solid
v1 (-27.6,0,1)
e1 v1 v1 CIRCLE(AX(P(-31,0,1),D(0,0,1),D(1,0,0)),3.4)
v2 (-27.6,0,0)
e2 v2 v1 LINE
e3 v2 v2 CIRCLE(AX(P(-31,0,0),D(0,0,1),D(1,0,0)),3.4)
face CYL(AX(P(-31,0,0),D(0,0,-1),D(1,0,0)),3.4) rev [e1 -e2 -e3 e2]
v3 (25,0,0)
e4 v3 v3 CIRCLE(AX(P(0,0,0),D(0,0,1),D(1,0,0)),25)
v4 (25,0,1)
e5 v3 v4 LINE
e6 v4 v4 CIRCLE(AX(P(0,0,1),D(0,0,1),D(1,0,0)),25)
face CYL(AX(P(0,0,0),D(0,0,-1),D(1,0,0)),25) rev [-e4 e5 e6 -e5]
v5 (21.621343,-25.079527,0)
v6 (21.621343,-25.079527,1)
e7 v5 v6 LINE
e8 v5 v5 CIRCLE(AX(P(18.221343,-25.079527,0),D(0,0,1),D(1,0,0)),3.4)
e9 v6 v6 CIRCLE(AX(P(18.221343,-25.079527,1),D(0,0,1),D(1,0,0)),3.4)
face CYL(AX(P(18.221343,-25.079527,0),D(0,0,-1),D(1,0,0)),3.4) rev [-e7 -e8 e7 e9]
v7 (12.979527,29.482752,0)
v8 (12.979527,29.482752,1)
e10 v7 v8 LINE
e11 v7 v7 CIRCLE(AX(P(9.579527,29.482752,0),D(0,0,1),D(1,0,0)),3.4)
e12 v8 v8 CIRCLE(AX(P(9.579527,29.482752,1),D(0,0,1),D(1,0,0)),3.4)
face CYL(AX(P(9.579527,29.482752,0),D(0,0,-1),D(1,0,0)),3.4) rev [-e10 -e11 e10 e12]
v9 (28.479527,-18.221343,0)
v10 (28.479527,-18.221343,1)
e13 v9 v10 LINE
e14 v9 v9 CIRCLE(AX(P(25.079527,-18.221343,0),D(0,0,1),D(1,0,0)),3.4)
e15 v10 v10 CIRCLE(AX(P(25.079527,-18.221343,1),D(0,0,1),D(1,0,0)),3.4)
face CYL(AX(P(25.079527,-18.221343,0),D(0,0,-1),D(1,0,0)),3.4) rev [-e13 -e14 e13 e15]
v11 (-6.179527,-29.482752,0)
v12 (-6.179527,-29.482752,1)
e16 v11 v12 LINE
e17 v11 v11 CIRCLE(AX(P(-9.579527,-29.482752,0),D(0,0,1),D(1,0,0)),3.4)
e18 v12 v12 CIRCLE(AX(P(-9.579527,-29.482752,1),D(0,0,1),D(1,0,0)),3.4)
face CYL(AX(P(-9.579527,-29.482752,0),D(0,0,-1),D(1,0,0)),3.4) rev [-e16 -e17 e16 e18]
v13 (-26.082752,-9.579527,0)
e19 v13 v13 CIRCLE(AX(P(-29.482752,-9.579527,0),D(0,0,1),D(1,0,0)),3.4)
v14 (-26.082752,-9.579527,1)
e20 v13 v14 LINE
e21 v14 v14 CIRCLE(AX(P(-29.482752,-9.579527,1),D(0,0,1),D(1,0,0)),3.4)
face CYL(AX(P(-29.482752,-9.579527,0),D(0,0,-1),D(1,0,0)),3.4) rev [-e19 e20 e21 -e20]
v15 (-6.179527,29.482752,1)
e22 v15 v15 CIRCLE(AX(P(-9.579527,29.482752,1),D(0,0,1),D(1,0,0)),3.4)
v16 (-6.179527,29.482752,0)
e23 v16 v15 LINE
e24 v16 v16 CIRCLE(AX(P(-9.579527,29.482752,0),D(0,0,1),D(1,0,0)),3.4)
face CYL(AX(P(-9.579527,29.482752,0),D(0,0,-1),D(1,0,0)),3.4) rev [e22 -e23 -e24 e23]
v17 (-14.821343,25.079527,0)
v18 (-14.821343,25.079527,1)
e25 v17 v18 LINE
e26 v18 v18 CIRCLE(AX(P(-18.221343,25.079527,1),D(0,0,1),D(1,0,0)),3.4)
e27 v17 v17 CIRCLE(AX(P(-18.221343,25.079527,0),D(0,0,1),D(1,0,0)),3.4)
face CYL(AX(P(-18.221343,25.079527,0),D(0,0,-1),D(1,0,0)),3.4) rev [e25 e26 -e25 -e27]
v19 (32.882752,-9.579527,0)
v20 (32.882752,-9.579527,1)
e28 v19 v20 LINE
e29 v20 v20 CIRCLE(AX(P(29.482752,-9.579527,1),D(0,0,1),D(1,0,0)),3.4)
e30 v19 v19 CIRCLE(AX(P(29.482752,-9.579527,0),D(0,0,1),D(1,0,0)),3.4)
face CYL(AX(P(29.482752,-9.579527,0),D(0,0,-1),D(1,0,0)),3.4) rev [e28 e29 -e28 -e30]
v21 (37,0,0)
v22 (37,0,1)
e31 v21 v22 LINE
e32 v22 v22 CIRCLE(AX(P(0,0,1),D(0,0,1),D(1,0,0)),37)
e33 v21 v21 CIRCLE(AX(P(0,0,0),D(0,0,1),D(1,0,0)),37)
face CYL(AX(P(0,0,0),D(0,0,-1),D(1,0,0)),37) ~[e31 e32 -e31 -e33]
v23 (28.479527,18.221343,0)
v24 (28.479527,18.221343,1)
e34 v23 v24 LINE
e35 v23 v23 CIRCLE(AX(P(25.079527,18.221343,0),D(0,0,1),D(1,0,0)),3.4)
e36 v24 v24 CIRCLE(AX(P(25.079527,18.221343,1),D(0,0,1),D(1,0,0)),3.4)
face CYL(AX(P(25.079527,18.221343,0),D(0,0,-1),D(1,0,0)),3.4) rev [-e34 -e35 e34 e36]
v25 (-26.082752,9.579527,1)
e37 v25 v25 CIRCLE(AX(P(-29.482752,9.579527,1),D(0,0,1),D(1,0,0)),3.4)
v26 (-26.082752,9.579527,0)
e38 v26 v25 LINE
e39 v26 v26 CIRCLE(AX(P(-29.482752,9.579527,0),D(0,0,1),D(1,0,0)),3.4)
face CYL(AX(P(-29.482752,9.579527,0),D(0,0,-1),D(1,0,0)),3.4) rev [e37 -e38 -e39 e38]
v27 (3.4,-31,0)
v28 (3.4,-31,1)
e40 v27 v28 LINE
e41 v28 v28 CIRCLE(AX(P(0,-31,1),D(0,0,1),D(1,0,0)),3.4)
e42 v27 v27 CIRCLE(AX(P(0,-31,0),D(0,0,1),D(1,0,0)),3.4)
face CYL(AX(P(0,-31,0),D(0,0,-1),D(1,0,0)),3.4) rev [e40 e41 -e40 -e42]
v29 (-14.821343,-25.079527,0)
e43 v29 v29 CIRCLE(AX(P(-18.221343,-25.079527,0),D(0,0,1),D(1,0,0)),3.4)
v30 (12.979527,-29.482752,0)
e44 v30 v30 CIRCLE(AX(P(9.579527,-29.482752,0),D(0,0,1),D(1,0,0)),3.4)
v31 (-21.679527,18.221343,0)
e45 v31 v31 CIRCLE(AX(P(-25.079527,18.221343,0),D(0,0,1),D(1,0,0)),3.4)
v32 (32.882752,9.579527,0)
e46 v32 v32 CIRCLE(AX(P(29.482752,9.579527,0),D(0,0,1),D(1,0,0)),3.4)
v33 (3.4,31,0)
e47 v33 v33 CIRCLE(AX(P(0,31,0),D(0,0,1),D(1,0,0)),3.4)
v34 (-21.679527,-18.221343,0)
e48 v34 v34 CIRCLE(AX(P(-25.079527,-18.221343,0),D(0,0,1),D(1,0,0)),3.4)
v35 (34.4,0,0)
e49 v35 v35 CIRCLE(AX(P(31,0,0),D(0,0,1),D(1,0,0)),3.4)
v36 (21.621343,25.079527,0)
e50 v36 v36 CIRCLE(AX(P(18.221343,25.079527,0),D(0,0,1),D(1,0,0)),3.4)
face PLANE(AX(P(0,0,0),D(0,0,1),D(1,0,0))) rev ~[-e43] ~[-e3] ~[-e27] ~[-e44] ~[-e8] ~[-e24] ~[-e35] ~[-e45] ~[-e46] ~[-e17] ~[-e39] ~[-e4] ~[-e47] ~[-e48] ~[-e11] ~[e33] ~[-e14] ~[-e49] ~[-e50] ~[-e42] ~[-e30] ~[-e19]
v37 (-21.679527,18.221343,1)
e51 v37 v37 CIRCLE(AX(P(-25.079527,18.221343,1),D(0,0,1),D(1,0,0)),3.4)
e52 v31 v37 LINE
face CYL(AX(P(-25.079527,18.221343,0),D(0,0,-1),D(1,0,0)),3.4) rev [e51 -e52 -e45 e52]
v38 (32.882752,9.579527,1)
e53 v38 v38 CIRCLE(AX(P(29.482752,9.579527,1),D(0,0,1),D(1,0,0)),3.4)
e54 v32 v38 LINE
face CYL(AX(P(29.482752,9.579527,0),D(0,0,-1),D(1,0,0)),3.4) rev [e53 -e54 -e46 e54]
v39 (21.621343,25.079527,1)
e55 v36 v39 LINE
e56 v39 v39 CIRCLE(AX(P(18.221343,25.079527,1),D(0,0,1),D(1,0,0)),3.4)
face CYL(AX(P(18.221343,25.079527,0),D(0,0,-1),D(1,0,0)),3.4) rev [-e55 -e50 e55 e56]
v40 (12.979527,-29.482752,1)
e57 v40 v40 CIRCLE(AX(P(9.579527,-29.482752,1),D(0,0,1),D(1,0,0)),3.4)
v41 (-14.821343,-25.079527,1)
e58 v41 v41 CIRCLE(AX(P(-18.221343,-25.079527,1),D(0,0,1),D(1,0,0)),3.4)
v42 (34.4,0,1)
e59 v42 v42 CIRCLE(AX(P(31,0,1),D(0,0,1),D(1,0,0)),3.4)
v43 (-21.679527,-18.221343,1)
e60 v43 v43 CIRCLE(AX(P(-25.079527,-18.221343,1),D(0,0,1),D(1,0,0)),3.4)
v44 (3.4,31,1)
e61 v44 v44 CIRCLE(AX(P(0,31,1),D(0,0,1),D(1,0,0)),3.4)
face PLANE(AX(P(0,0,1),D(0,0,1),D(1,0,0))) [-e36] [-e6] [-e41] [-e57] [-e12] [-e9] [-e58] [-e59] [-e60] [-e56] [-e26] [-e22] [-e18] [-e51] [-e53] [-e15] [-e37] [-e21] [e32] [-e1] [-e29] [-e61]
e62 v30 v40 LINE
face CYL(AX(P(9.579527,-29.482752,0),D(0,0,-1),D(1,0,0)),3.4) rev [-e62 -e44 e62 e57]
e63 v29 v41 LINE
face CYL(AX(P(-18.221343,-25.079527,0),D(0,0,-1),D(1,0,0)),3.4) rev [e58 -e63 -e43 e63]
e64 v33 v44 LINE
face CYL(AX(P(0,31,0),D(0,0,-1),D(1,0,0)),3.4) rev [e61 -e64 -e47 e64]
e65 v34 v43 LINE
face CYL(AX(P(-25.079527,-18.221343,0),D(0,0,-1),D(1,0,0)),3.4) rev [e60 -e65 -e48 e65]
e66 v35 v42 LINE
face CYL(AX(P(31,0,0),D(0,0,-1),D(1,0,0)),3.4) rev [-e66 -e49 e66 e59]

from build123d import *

# Parameters (mm, degrees)
F0_R     = 37
F0_R_2   = 3.4
F0_R_3   = 25
F1_DEPTH = 1


with BuildPart() as f1:
    # F0 (on Top) → F1 (new body)
    with BuildSketch(Plane.XY):
        Circle(F0_R)
        with Locations((-9.579527, -29.482752)):
            Circle(F0_R_2, mode=Mode.SUBTRACT)
        with Locations((-18.221343, -25.079527)):
            Circle(F0_R_2, mode=Mode.SUBTRACT)
        with Locations((-29.482752, -9.579527)):
            Circle(F0_R_2, mode=Mode.SUBTRACT)
        with Locations((-25.079527, -18.221343)):
            Circle(F0_R_2, mode=Mode.SUBTRACT)
        with Locations((0, -31)):
            Circle(F0_R_2, mode=Mode.SUBTRACT)
        with Locations((9.579527, -29.482752)):
            Circle(F0_R_2, mode=Mode.SUBTRACT)
        with Locations((18.221343, -25.079527)):
            Circle(F0_R_2, mode=Mode.SUBTRACT)
        with Locations((25.079527, -18.221343)):
            Circle(F0_R_2, mode=Mode.SUBTRACT)
        with Locations((29.482752, -9.579527)):
            Circle(F0_R_2, mode=Mode.SUBTRACT)
        with Locations((-31, 0)):
            Circle(F0_R_2, mode=Mode.SUBTRACT)
        with Locations((-29.482752, 9.579527)):
            Circle(F0_R_2, mode=Mode.SUBTRACT)
        with Locations((-25.079527, 18.221343)):
            Circle(F0_R_2, mode=Mode.SUBTRACT)
        with Locations((-18.221343, 25.079527)):
            Circle(F0_R_2, mode=Mode.SUBTRACT)
        with Locations((-9.579527, 29.482752)):
            Circle(F0_R_2, mode=Mode.SUBTRACT)
        Circle(F0_R_3, mode=Mode.SUBTRACT)
        with Locations((31, 0)):
            Circle(F0_R_2, mode=Mode.SUBTRACT)
        with Locations((25.079527, 18.221343)):
            Circle(F0_R_2, mode=Mode.SUBTRACT)
        with Locations((29.482752, 9.579527)):
            Circle(F0_R_2, mode=Mode.SUBTRACT)
        with Locations((18.221343, 25.079527)):
            Circle(F0_R_2, mode=Mode.SUBTRACT)
        with Locations((0, 31)):
            Circle(F0_R_2, mode=Mode.SUBTRACT)
        with Locations((9.579527, 29.482752)):
            Circle(F0_R_2, mode=Mode.SUBTRACT)
    extrude(amount=F1_DEPTH)


solid = f1.part
